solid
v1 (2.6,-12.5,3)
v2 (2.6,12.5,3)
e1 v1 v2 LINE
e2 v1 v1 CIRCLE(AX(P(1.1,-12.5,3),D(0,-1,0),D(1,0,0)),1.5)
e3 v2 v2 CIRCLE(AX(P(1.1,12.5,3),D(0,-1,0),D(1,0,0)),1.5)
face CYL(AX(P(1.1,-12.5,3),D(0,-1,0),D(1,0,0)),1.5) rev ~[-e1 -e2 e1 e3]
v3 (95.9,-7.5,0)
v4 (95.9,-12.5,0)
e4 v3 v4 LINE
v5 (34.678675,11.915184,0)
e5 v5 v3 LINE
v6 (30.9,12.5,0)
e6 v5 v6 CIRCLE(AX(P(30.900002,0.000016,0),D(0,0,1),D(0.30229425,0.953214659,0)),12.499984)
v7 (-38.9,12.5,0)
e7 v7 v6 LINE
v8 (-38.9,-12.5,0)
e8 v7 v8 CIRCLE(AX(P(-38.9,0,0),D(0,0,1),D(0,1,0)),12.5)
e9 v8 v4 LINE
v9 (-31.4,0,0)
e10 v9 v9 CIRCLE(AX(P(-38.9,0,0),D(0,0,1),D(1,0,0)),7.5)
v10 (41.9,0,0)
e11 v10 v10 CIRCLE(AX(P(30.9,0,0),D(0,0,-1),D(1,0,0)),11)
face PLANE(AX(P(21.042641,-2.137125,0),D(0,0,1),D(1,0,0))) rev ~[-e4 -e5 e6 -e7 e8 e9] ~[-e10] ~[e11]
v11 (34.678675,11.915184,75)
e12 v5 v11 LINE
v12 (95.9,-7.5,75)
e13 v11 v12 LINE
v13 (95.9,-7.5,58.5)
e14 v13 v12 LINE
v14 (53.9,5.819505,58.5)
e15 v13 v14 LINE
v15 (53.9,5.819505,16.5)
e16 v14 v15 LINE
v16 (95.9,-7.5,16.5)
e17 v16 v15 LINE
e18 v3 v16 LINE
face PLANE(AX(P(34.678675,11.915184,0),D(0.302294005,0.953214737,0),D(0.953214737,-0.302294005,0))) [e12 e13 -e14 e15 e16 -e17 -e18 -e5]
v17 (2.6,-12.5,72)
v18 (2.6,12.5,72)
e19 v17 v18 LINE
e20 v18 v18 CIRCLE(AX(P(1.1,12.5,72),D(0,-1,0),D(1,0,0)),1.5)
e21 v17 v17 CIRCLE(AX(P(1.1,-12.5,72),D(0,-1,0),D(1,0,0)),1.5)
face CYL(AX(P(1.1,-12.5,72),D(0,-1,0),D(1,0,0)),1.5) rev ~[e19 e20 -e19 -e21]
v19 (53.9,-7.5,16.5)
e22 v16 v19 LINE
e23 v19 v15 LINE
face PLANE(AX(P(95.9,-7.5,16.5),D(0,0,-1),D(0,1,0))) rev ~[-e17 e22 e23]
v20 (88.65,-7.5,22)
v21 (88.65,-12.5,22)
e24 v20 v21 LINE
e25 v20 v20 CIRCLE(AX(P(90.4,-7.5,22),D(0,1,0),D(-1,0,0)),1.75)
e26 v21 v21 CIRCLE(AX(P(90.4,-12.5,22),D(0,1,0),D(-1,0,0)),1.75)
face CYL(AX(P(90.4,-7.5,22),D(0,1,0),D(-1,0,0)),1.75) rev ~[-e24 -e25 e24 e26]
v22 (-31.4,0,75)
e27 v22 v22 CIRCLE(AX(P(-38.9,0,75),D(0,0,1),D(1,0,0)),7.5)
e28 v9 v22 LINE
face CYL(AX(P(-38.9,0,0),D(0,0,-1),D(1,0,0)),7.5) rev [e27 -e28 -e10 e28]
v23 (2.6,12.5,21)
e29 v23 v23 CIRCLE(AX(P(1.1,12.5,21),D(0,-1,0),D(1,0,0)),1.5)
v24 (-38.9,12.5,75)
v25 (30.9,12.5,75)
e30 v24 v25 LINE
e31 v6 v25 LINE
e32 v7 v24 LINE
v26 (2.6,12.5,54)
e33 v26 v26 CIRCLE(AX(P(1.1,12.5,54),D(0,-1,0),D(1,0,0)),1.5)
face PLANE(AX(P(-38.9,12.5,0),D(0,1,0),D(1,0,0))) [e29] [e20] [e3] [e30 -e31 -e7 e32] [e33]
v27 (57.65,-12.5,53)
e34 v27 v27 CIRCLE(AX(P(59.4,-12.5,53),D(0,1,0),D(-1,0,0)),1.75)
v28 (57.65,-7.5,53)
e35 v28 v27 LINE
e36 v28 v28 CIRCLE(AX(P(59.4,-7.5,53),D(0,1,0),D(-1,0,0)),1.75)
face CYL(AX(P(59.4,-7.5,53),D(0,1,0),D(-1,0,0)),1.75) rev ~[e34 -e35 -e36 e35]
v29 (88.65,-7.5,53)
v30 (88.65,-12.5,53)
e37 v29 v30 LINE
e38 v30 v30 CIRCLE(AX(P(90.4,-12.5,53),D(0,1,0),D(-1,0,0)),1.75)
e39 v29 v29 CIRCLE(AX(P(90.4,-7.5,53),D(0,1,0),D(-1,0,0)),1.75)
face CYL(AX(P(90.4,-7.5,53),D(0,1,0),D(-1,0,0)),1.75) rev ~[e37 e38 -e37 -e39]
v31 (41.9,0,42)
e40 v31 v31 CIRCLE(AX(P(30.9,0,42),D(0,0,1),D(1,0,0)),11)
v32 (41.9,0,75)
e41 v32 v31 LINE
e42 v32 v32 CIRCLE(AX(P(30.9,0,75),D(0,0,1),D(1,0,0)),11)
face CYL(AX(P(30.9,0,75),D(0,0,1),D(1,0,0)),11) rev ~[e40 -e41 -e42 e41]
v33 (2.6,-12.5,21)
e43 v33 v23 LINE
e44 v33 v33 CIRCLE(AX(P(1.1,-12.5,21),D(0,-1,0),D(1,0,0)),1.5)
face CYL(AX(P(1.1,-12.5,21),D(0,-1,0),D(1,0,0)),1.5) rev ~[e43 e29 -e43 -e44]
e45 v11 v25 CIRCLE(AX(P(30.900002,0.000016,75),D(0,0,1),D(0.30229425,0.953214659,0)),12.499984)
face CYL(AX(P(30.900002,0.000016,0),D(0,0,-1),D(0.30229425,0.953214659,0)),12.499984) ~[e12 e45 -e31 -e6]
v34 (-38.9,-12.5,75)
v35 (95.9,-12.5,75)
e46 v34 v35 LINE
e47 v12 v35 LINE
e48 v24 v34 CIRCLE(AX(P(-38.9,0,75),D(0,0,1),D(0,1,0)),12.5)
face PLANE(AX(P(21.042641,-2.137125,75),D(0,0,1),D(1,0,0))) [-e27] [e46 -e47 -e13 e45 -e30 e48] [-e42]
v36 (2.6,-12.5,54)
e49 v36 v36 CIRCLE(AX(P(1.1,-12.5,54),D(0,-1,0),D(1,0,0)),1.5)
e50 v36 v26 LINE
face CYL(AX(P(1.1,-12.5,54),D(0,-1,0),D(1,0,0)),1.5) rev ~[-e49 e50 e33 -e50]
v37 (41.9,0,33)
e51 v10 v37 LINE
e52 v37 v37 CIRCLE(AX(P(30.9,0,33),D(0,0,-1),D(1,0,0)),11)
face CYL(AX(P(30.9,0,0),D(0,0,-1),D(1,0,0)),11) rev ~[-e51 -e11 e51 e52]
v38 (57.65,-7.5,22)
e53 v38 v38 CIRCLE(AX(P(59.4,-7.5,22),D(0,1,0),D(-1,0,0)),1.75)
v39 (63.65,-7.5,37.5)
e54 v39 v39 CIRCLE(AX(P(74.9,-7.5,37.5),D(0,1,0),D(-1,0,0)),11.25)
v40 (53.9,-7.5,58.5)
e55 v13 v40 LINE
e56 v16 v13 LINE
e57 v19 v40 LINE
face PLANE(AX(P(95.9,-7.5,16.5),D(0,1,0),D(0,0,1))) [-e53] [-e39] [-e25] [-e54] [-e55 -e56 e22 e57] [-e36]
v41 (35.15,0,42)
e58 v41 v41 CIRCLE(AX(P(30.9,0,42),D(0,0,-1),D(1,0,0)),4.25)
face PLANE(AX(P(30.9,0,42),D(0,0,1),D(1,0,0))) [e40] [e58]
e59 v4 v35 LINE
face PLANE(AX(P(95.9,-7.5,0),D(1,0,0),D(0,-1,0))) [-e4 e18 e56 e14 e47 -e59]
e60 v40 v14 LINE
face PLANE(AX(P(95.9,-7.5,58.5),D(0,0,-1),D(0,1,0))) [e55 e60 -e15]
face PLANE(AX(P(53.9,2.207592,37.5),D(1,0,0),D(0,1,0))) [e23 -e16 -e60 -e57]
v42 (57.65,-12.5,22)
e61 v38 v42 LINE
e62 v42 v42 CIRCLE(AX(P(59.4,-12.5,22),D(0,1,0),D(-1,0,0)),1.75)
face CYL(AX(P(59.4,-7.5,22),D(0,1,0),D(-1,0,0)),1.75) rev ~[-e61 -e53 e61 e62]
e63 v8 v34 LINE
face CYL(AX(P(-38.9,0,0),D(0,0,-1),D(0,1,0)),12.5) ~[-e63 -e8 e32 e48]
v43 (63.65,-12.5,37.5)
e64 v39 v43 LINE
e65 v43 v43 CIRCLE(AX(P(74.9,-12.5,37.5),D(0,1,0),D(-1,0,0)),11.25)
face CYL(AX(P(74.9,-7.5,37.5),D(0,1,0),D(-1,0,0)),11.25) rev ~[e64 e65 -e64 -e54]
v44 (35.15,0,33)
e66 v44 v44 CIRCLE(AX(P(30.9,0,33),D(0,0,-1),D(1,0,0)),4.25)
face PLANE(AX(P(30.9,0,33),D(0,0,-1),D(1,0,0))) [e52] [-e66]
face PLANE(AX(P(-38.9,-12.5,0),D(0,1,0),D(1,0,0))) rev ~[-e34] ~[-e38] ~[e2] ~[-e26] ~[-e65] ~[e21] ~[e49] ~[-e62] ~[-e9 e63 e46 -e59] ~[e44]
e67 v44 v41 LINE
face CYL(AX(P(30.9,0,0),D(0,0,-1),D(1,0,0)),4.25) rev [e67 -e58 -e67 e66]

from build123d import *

# Parameters (mm, degrees)
SKETCH_R        = 7.5
SKETCH_R_2      = 4.25
PAD_DEPTH       = 75
SKETCH001_W     = 19.415184
SKETCH001_H     = 42
POCKET_DEPTH    = 42
SKETCH002_R     = 11.25
POCKET001_DEPTH = 5
SKETCH003_R     = 1.75
HOLE_DEPTH      = 25
SKETCH004_R     = 1.5
HOLE001_DEPTH   = 25
HOLE001_TIPS_R  = 1.5
SKETCH005_R     = 11
POCKET002_DEPTH = 33
SKETCH006_R     = 11
POCKET003_DEPTH = 33


with BuildPart() as part:
    # Sketch → Pad (new body)
    with BuildSketch(Plane.XY):
        with BuildLine():
            ThreePointArc((-38.9, 12.5), (-51.4, 0), (-38.9, -12.5))
            Line((-38.9, -12.5), (30.9, -12.5))
            Line((95.9, -12.5), (30.9, -12.5))
            Line((95.9, -7.5), (95.9, -12.5))
            Line((34.678675, 11.915184), (95.9, -7.5))
            ThreePointArc((34.678675, 11.915184), (32.811831, 12.352931), (30.9, 12.5))
            Line((-38.9, 12.5), (30.9, 12.5))
        make_face()
        with Locations((-38.9, 0)):
            Circle(SKETCH_R, mode=Mode.SUBTRACT)
        with Locations((30.9, 0)):
            Circle(SKETCH_R_2, mode=Mode.SUBTRACT)
    extrude(amount=PAD_DEPTH)

    # Sketch001 (on Face3 of Pad) → Pocket (cut)
    with BuildSketch(Plane.YZ.offset(95.9)):
        with Locations((2.207592, 37.5)):
            Rectangle(SKETCH001_W, SKETCH001_H)
    extrude(amount=-POCKET_DEPTH, mode=Mode.SUBTRACT)

    # Sketch002 (on Face11 of Pocket) → Pocket001 (cut)
    with BuildSketch(Plane(origin=(0, -7.5, 0), x_dir=(-1, 0, 0), z_dir=(0, 1, 0))):
        with Locations((-74.9, 37.5)):
            Circle(SKETCH002_R)
    extrude(amount=-POCKET001_DEPTH, mode=Mode.SUBTRACT)

    # Sketch003 (on Face12 of Pocket001) → Hole (cut)
    with BuildSketch(Plane(origin=(0, -7.5, 0), x_dir=(-1, 0, 0), z_dir=(0, 1, 0))):
        with Locations((-90.4, 53)):
            Circle(SKETCH003_R)
        with Locations((-59.4, 53)):
            Circle(SKETCH003_R)
        with Locations((-59.4, 22)):
            Circle(SKETCH003_R)
        with Locations((-90.4, 22)):
            Circle(SKETCH003_R)
    extrude(amount=-HOLE_DEPTH, mode=Mode.SUBTRACT)

    # Sketch004 (on Face3 of Hole) → Hole001 (cut)
    with BuildSketch(Plane.XZ.offset(12.5)):
        with Locations((1.1, 72)):
            Circle(SKETCH004_R)
        with Locations((1.1, 54)):
            Circle(SKETCH004_R)
        with Locations((1.1, 21)):
            Circle(SKETCH004_R)
        with Locations((1.1, 3)):
            Circle(SKETCH004_R)
    extrude(amount=-HOLE001_DEPTH, mode=Mode.SUBTRACT)

    # Hole001 tips → Hole001 tip 1 section 0
    with BuildSketch(Plane.XZ.offset(-12.5), mode=Mode.PRIVATE) as hole001_tip_1_s0:
        with Locations((1.1, 72)):
            Circle(HOLE001_TIPS_R)
    loft([hole001_tip_1_s0.sketch, Vertex(1.1, 13.401291, 72)], mode=Mode.SUBTRACT)

    # Hole001 tips → Hole001 tip 2 section 0
    with BuildSketch(Plane.XZ.offset(-12.5), mode=Mode.PRIVATE) as hole001_tip_2_s0:
        with Locations((1.1, 54)):
            Circle(HOLE001_TIPS_R)
    loft([hole001_tip_2_s0.sketch, Vertex(1.1, 13.401291, 54)], mode=Mode.SUBTRACT)

    # Hole001 tips → Hole001 tip 3 section 0
    with BuildSketch(Plane.XZ.offset(-12.5), mode=Mode.PRIVATE) as hole001_tip_3_s0:
        with Locations((1.1, 21)):
            Circle(HOLE001_TIPS_R)
    loft([hole001_tip_3_s0.sketch, Vertex(1.1, 13.401291, 21)], mode=Mode.SUBTRACT)

    # Hole001 tips → Hole001 tip 4 section 0
    with BuildSketch(Plane.XZ.offset(-12.5), mode=Mode.PRIVATE) as hole001_tip_4_s0:
        with Locations((1.1, 3)):
            Circle(HOLE001_TIPS_R)
    loft([hole001_tip_4_s0.sketch, Vertex(1.1, 13.401291, 3)], mode=Mode.SUBTRACT)

    # Sketch005 (on Face5 of Hole001) → Pocket002 (cut)
    with BuildSketch(Plane.XY.offset(75)):
        with Locations((30.9, 0)):
            Circle(SKETCH005_R)
    extrude(amount=-POCKET002_DEPTH, mode=Mode.SUBTRACT)

    # Sketch006 (on Face4 of Pocket002) → Pocket003 (cut)
    with BuildSketch(Plane(origin=(0, 0, 0), x_dir=(1, 0, 0), z_dir=(0, 0, -1))):
        with Locations((30.9, 0)):
            Circle(SKETCH006_R)
    extrude(amount=-POCKET003_DEPTH, mode=Mode.SUBTRACT)


solid = part.part
